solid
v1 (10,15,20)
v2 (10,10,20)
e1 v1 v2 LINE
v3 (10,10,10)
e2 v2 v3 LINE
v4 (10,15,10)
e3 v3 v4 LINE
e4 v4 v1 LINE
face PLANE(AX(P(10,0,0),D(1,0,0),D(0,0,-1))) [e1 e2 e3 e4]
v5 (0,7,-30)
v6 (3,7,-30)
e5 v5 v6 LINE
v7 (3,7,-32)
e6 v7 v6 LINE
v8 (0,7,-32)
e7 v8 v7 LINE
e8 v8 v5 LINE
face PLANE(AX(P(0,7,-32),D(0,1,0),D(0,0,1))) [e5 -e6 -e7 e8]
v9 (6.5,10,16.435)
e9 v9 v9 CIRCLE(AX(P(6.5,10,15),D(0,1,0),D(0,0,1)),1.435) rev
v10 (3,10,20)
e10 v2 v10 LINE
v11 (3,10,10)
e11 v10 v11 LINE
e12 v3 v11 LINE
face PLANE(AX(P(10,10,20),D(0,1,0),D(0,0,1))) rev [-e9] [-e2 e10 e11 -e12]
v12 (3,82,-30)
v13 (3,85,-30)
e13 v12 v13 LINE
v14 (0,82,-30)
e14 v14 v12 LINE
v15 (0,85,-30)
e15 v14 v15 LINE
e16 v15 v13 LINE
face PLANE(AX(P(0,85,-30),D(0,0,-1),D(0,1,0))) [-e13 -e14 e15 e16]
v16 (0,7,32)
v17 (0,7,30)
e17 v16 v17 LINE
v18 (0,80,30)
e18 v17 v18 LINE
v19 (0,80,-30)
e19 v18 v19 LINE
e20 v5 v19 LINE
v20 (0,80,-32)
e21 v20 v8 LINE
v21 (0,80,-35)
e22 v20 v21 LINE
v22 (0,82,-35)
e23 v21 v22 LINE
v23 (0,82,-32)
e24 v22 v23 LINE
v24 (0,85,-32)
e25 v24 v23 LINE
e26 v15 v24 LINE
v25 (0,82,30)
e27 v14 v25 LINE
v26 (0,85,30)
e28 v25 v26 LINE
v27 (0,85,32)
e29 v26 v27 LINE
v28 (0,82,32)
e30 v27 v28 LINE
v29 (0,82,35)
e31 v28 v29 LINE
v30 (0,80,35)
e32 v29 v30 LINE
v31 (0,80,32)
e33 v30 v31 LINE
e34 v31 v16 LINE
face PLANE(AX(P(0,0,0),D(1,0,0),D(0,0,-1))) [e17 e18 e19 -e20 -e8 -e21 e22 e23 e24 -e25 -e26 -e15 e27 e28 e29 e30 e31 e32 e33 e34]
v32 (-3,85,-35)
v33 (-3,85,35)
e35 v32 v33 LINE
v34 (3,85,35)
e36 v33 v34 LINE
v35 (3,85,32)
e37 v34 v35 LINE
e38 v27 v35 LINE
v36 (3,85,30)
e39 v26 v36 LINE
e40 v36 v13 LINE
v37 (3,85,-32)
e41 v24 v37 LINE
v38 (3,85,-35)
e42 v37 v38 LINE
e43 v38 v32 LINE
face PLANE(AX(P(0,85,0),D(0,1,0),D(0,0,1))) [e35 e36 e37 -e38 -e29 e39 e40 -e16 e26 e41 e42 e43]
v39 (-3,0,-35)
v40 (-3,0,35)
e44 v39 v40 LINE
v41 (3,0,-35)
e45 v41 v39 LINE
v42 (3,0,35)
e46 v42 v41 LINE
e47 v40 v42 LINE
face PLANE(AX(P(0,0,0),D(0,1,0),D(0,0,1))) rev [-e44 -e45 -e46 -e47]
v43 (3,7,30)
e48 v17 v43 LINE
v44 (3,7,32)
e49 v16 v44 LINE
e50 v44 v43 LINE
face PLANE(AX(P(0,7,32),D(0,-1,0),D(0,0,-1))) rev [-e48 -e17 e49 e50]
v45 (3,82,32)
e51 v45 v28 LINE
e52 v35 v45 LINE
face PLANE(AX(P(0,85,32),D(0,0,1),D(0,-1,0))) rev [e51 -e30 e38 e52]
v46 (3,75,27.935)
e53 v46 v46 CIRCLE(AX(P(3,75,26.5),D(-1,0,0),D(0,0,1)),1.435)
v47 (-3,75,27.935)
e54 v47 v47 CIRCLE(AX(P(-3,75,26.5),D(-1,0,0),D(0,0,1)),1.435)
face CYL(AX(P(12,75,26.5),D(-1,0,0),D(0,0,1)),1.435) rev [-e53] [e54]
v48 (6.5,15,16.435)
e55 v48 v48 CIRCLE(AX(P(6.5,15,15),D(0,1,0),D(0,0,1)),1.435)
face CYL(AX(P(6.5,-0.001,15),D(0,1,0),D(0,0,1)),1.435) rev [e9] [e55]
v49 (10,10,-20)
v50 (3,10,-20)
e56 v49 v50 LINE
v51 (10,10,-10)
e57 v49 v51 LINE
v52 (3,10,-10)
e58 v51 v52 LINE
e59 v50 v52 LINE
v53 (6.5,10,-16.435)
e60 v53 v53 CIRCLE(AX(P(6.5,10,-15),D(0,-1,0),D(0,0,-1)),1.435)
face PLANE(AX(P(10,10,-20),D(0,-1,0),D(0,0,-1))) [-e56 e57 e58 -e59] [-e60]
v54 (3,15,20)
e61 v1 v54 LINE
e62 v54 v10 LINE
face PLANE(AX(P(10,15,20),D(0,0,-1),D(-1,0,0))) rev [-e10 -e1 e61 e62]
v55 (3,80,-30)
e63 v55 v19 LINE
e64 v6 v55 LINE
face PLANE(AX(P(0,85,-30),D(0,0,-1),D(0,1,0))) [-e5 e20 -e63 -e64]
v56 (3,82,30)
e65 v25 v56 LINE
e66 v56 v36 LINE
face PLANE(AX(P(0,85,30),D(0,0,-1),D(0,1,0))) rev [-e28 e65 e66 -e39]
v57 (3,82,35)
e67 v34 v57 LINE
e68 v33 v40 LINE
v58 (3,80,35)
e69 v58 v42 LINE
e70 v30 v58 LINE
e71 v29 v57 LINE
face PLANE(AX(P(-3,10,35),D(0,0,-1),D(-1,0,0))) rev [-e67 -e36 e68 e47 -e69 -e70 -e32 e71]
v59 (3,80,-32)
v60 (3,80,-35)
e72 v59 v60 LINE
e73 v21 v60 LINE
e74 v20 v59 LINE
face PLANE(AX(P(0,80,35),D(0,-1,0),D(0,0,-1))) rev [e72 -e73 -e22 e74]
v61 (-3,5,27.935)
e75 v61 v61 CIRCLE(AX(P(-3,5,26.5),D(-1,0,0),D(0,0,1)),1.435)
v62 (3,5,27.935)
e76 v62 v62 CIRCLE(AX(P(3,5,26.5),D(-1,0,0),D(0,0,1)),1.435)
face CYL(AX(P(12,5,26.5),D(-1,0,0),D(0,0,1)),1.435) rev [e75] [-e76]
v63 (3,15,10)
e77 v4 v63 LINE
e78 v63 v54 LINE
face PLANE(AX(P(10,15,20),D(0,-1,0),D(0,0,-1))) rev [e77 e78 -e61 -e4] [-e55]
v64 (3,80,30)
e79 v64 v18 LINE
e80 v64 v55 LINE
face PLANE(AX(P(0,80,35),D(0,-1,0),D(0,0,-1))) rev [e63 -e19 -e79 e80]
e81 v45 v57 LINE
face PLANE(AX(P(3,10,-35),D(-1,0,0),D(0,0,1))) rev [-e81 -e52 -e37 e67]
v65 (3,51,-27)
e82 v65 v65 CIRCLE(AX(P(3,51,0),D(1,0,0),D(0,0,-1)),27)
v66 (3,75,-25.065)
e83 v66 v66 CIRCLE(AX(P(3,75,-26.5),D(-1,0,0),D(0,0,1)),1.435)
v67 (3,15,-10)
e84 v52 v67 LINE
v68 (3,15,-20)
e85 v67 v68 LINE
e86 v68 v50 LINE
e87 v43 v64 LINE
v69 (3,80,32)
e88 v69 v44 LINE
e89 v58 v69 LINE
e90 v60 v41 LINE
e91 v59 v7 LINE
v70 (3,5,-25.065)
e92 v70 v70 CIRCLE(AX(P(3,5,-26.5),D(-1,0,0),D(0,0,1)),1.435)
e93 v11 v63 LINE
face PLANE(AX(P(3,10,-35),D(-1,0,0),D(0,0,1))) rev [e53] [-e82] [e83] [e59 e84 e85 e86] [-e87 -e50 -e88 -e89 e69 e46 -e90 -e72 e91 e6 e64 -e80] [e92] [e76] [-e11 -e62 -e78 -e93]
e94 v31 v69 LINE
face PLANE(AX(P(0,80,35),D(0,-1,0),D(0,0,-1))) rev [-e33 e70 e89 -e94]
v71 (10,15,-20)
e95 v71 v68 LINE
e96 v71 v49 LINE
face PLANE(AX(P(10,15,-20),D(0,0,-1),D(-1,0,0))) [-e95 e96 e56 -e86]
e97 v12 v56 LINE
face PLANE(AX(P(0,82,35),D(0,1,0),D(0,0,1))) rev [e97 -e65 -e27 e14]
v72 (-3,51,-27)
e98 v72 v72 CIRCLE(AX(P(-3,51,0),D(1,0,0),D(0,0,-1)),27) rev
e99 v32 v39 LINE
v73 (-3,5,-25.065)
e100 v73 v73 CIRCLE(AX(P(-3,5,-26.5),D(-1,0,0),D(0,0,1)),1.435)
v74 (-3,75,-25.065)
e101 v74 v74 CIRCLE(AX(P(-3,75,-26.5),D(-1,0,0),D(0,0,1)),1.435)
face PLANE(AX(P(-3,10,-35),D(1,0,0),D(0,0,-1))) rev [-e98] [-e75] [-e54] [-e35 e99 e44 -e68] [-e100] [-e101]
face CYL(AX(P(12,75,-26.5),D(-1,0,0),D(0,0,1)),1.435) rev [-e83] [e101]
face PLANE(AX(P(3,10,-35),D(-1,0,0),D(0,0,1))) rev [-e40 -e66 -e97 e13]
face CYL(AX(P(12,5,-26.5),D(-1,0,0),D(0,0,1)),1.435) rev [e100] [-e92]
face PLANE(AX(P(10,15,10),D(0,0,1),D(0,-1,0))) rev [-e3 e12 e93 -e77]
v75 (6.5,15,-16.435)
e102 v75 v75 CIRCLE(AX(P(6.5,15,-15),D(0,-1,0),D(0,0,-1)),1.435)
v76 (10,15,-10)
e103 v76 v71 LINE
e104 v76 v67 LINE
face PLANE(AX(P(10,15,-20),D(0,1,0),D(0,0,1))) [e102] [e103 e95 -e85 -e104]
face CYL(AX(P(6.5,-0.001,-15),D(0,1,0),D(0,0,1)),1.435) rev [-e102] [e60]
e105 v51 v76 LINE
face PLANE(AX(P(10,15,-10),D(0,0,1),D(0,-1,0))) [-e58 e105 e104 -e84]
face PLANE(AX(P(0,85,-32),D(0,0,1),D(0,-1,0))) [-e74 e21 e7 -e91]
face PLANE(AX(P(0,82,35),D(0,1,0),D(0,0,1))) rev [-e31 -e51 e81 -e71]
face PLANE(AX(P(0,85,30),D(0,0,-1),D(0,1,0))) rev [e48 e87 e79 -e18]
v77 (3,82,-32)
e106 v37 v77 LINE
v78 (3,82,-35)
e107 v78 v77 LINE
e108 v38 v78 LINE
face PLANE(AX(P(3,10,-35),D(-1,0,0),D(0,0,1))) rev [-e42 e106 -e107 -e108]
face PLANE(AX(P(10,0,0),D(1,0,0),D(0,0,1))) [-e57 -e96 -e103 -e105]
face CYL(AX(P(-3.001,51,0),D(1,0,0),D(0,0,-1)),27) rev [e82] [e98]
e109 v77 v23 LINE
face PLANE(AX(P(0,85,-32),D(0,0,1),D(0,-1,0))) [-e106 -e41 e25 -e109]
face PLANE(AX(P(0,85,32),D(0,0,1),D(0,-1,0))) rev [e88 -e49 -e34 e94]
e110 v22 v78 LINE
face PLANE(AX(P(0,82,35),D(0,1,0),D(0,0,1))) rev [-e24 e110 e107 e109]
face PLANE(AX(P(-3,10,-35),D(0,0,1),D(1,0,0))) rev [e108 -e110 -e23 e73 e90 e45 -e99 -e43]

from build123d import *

# Parameters (mm, degrees)
CROQUIS1_W              = 6
CROQUIS1_H              = 70
SALIENTE_EXTRUIR1_DEPTH = 10
CROQUIS2_W              = 6
CROQUIS2_H              = 70
SALIENTE_EXTRUIR2_DEPTH = 75
CROQUIS3_W              = 2
CROQUIS3_H              = 78
CORTAR_EXTRUIR1_DEPTH   = 3
CROQUIS4_W              = 70
CROQUIS4_H              = 2
CORTAR_EXTRUIR2_DEPTH   = 3
CORTAR_EXTRUIR3_REACH   = 8
CROQUIS5_R              = 27
CROQUIS8_R              = 1.435
CORTAR_EXTRUIR5_DEPTH   = 15
MATRIZL1_COUNT          = 2
MATRIZL1_PITCH          = 70
MATRIZL1_COUNT_DIR2     = 2
MATRIZL1_PITCH_DIR2     = 53
CROQUIS12_W             = 10
CROQUIS12_H             = 5
SALIENTE_EXTRUIR3_DEPTH = 7
CROQUIS13_R             = 1.435
CORTAR_EXTRUIR10_DEPTH  = 5


with BuildPart() as part:
    # Croquis1 → Saliente-Extruir1 (new body)
    with BuildSketch(Plane(origin=(0, 0, 0), x_dir=(1, 0, 0), z_dir=(0, 1, 0))):
        Rectangle(CROQUIS1_W, CROQUIS1_H)
    extrude(amount=SALIENTE_EXTRUIR1_DEPTH)

    # Croquis2 → Saliente-Extruir2 (add)
    with BuildSketch(Plane(origin=(0, 10, 0), x_dir=(1, 0, 0), z_dir=(0, 1, 0))):
        Rectangle(CROQUIS2_W, CROQUIS2_H)
    extrude(amount=SALIENTE_EXTRUIR2_DEPTH)

    # Croquis3 → Cortar-Extruir1 (cut)
    with BuildSketch(Plane(origin=(3, 0, 0), x_dir=(0, 0, -1), z_dir=(1, 0, 0))):
        with Locations((-31, 46)):
            Rectangle(CROQUIS3_W, CROQUIS3_H)
    cortar_extruir1 = extrude(amount=-CORTAR_EXTRUIR1_DEPTH, mode=Mode.SUBTRACT)

    # Simetría1: Cortar-Extruir1 across plane
    add(cortar_extruir1.mirror(Plane.XY), mode=Mode.SUBTRACT)

    # Croquis4 → Cortar-Extruir2 (cut)
    with BuildSketch(Plane(origin=(3, 0, 0), x_dir=(0, 0, -1), z_dir=(1, 0, 0))):
        with Locations((0, 81)):
            Rectangle(CROQUIS4_W, CROQUIS4_H)
    extrude(amount=-CORTAR_EXTRUIR2_DEPTH, mode=Mode.SUBTRACT)

    # Croquis5 → Cortar-Extruir3 (cut, up to next)
    with BuildSketch(Plane(origin=(3, 0, 0), x_dir=(0, 0, -1), z_dir=(1, 0, 0)), mode=Mode.PRIVATE) as cortar_extruir3_sk1:
        with Locations((0, 51)):
            Circle(CROQUIS5_R)
    cortar_extruir3_tool1 = extrude(cortar_extruir3_sk1.sketch, amount=-CORTAR_EXTRUIR3_REACH, mode=Mode.PRIVATE) & part.part
    add(cortar_extruir3_tool1.solids().sort_by_distance((3, 51, 0))[0], mode=Mode.SUBTRACT)

    # Croquis8 → Cortar-Extruir5 (cut)
    with BuildSketch(Plane.ZY.offset(3)):
        with Locations((26.5, 75)):
            Circle(CROQUIS8_R)
    cortar_extruir5 = extrude(amount=-CORTAR_EXTRUIR5_DEPTH, mode=Mode.SUBTRACT)

    # MatrizL1: Cortar-Extruir5 2 × 2
    with Locations(*[(0, -i * MATRIZL1_PITCH, -j * MATRIZL1_PITCH_DIR2) for i in range(MATRIZL1_COUNT) for j in range(MATRIZL1_COUNT_DIR2) if (i, j) != (0, 0)]):
        add(cortar_extruir5, mode=Mode.SUBTRACT)

    # Croquis12 → Saliente-Extruir3 (add)
    with BuildSketch(Plane(origin=(3, 0, 0), x_dir=(0, 0, -1), z_dir=(1, 0, 0))):
        with Locations((-15, 12.5)):
            Rectangle(CROQUIS12_W, CROQUIS12_H)
    saliente_extruir3 = extrude(amount=SALIENTE_EXTRUIR3_DEPTH)

    # Simetría4: Saliente-Extruir3 across plane
    add(saliente_extruir3.mirror(Plane.XY))

    # Croquis13 → Cortar-Extruir10 (cut)
    with BuildSketch(Plane(origin=(0, 15, 0), x_dir=(1, 0, 0), z_dir=(0, 1, 0))):
        with Locations((6.5, -15)):
            Circle(CROQUIS13_R)
    cortar_extruir10 = extrude(amount=-CORTAR_EXTRUIR10_DEPTH, mode=Mode.SUBTRACT)

    # Simetría5: Cortar-Extruir10 across plane
    add(cortar_extruir10.mirror(Plane.XY), mode=Mode.SUBTRACT)


solid = part.part
